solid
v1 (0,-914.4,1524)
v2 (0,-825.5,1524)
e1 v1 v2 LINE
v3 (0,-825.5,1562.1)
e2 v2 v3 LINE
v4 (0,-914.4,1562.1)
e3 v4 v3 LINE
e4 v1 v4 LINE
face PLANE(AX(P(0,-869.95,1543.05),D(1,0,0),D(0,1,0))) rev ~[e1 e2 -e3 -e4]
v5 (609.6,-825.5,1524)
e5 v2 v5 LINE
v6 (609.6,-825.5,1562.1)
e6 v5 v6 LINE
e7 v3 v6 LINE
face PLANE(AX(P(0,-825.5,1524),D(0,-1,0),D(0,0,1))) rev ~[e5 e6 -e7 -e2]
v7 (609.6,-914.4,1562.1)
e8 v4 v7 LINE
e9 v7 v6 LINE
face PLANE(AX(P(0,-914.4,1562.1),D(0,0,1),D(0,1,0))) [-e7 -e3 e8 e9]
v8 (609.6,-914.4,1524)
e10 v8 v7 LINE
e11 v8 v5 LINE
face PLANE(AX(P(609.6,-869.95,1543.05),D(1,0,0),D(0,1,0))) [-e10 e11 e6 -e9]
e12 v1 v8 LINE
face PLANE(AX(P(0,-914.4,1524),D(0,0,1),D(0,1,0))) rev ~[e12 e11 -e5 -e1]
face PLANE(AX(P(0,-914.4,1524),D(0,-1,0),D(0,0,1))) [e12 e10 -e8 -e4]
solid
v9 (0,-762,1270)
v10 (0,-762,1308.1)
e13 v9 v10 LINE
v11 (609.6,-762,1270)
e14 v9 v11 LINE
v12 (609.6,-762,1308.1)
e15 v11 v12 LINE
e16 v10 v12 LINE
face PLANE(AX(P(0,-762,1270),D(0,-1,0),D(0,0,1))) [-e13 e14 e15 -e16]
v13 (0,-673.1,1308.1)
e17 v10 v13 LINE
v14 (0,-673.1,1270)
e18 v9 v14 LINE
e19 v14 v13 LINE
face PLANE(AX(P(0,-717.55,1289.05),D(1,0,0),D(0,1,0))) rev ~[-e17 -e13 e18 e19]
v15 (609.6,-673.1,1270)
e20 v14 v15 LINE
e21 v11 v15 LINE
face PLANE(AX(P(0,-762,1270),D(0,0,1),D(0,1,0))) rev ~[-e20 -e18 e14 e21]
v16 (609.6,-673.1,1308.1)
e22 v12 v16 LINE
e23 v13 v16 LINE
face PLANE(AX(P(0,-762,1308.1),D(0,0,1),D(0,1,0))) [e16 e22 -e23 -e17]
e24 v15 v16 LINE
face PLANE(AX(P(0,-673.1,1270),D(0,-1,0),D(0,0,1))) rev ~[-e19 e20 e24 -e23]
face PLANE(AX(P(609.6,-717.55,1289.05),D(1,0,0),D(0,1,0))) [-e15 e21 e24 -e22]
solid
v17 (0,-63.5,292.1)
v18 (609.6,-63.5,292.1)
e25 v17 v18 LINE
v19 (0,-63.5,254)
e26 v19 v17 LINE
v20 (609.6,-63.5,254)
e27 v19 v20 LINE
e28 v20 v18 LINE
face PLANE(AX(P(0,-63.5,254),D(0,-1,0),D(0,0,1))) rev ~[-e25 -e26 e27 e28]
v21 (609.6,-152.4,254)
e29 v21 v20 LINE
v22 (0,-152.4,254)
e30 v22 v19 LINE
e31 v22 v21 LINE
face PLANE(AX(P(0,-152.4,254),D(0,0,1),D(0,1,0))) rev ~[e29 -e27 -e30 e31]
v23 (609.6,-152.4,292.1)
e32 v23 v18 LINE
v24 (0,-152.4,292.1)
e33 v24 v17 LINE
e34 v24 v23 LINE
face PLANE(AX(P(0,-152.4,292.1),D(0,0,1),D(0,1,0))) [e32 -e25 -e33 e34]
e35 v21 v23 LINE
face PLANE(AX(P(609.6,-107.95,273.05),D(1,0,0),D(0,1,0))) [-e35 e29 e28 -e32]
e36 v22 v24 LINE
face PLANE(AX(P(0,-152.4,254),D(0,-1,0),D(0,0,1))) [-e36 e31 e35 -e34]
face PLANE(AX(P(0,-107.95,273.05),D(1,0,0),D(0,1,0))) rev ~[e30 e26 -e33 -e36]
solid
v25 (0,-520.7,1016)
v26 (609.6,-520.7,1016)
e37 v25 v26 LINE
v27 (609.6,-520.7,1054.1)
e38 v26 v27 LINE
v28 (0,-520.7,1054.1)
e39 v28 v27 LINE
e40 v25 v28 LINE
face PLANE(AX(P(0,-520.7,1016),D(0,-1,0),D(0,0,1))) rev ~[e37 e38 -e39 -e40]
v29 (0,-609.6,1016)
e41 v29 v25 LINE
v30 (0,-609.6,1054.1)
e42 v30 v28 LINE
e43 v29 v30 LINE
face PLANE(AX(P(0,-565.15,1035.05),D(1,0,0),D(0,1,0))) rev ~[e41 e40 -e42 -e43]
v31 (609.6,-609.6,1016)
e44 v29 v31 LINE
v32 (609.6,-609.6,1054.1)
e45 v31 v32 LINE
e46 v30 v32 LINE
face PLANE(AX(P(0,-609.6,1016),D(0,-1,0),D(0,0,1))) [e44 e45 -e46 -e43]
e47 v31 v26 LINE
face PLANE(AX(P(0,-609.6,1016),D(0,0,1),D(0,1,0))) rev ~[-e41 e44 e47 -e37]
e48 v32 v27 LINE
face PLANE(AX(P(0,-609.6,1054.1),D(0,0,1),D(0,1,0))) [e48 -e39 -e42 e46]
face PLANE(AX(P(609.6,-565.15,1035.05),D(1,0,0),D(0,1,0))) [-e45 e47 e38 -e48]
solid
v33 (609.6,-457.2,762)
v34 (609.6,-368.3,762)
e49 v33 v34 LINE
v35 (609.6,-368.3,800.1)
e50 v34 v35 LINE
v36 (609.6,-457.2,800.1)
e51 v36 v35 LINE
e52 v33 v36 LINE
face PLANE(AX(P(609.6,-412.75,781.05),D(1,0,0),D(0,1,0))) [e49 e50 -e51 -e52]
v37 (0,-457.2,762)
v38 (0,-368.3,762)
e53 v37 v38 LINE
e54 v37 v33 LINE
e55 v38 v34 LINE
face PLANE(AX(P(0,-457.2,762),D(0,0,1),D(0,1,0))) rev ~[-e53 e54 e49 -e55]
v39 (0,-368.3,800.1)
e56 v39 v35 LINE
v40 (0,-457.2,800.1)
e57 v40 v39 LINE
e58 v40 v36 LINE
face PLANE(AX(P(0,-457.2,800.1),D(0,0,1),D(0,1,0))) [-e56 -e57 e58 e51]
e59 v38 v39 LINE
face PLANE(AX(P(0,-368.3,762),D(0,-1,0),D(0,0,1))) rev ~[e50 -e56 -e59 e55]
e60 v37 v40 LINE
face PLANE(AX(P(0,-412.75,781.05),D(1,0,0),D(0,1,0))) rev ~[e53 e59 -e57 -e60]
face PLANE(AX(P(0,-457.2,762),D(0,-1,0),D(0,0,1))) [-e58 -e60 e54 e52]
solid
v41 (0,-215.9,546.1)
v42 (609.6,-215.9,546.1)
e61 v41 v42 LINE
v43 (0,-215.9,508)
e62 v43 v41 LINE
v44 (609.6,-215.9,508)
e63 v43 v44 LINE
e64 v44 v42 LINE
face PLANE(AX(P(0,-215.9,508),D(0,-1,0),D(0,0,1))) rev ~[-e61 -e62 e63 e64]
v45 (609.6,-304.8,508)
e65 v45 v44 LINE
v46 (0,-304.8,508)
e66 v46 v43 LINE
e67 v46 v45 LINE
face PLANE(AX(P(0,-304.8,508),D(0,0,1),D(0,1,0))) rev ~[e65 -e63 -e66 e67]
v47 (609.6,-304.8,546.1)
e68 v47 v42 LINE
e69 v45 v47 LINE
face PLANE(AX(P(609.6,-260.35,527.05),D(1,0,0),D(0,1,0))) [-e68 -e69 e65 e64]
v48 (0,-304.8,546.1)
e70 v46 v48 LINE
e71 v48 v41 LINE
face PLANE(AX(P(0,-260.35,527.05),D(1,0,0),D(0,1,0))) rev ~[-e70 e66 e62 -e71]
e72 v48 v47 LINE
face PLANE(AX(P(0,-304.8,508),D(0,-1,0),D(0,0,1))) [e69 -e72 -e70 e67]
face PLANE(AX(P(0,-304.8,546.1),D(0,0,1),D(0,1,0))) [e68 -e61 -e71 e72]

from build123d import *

# Parameters (mm, degrees)
F0_W     = 88.9
F0_H     = 38.1
F1_DEPTH = 609.6


with BuildPart() as f1:
    # F0 (on Right) → F1 (new body)
    with BuildSketch(Plane.YZ):
        with Locations((-107.95, 273.05)):
            Rectangle(F0_W, F0_H)
        with Locations((-260.35, 527.05)):
            Rectangle(F0_W, F0_H)
        with Locations((-412.75, 781.05)):
            Rectangle(F0_W, F0_H)
        with Locations((-565.15, 1035.05)):
            Rectangle(F0_W, F0_H)
        with Locations((-717.55, 1289.05)):
            Rectangle(F0_W, F0_H)
        with Locations((-869.95, 1543.05)):
            Rectangle(F0_W, F0_H)
    extrude(amount=F1_DEPTH)


solid = f1.part
